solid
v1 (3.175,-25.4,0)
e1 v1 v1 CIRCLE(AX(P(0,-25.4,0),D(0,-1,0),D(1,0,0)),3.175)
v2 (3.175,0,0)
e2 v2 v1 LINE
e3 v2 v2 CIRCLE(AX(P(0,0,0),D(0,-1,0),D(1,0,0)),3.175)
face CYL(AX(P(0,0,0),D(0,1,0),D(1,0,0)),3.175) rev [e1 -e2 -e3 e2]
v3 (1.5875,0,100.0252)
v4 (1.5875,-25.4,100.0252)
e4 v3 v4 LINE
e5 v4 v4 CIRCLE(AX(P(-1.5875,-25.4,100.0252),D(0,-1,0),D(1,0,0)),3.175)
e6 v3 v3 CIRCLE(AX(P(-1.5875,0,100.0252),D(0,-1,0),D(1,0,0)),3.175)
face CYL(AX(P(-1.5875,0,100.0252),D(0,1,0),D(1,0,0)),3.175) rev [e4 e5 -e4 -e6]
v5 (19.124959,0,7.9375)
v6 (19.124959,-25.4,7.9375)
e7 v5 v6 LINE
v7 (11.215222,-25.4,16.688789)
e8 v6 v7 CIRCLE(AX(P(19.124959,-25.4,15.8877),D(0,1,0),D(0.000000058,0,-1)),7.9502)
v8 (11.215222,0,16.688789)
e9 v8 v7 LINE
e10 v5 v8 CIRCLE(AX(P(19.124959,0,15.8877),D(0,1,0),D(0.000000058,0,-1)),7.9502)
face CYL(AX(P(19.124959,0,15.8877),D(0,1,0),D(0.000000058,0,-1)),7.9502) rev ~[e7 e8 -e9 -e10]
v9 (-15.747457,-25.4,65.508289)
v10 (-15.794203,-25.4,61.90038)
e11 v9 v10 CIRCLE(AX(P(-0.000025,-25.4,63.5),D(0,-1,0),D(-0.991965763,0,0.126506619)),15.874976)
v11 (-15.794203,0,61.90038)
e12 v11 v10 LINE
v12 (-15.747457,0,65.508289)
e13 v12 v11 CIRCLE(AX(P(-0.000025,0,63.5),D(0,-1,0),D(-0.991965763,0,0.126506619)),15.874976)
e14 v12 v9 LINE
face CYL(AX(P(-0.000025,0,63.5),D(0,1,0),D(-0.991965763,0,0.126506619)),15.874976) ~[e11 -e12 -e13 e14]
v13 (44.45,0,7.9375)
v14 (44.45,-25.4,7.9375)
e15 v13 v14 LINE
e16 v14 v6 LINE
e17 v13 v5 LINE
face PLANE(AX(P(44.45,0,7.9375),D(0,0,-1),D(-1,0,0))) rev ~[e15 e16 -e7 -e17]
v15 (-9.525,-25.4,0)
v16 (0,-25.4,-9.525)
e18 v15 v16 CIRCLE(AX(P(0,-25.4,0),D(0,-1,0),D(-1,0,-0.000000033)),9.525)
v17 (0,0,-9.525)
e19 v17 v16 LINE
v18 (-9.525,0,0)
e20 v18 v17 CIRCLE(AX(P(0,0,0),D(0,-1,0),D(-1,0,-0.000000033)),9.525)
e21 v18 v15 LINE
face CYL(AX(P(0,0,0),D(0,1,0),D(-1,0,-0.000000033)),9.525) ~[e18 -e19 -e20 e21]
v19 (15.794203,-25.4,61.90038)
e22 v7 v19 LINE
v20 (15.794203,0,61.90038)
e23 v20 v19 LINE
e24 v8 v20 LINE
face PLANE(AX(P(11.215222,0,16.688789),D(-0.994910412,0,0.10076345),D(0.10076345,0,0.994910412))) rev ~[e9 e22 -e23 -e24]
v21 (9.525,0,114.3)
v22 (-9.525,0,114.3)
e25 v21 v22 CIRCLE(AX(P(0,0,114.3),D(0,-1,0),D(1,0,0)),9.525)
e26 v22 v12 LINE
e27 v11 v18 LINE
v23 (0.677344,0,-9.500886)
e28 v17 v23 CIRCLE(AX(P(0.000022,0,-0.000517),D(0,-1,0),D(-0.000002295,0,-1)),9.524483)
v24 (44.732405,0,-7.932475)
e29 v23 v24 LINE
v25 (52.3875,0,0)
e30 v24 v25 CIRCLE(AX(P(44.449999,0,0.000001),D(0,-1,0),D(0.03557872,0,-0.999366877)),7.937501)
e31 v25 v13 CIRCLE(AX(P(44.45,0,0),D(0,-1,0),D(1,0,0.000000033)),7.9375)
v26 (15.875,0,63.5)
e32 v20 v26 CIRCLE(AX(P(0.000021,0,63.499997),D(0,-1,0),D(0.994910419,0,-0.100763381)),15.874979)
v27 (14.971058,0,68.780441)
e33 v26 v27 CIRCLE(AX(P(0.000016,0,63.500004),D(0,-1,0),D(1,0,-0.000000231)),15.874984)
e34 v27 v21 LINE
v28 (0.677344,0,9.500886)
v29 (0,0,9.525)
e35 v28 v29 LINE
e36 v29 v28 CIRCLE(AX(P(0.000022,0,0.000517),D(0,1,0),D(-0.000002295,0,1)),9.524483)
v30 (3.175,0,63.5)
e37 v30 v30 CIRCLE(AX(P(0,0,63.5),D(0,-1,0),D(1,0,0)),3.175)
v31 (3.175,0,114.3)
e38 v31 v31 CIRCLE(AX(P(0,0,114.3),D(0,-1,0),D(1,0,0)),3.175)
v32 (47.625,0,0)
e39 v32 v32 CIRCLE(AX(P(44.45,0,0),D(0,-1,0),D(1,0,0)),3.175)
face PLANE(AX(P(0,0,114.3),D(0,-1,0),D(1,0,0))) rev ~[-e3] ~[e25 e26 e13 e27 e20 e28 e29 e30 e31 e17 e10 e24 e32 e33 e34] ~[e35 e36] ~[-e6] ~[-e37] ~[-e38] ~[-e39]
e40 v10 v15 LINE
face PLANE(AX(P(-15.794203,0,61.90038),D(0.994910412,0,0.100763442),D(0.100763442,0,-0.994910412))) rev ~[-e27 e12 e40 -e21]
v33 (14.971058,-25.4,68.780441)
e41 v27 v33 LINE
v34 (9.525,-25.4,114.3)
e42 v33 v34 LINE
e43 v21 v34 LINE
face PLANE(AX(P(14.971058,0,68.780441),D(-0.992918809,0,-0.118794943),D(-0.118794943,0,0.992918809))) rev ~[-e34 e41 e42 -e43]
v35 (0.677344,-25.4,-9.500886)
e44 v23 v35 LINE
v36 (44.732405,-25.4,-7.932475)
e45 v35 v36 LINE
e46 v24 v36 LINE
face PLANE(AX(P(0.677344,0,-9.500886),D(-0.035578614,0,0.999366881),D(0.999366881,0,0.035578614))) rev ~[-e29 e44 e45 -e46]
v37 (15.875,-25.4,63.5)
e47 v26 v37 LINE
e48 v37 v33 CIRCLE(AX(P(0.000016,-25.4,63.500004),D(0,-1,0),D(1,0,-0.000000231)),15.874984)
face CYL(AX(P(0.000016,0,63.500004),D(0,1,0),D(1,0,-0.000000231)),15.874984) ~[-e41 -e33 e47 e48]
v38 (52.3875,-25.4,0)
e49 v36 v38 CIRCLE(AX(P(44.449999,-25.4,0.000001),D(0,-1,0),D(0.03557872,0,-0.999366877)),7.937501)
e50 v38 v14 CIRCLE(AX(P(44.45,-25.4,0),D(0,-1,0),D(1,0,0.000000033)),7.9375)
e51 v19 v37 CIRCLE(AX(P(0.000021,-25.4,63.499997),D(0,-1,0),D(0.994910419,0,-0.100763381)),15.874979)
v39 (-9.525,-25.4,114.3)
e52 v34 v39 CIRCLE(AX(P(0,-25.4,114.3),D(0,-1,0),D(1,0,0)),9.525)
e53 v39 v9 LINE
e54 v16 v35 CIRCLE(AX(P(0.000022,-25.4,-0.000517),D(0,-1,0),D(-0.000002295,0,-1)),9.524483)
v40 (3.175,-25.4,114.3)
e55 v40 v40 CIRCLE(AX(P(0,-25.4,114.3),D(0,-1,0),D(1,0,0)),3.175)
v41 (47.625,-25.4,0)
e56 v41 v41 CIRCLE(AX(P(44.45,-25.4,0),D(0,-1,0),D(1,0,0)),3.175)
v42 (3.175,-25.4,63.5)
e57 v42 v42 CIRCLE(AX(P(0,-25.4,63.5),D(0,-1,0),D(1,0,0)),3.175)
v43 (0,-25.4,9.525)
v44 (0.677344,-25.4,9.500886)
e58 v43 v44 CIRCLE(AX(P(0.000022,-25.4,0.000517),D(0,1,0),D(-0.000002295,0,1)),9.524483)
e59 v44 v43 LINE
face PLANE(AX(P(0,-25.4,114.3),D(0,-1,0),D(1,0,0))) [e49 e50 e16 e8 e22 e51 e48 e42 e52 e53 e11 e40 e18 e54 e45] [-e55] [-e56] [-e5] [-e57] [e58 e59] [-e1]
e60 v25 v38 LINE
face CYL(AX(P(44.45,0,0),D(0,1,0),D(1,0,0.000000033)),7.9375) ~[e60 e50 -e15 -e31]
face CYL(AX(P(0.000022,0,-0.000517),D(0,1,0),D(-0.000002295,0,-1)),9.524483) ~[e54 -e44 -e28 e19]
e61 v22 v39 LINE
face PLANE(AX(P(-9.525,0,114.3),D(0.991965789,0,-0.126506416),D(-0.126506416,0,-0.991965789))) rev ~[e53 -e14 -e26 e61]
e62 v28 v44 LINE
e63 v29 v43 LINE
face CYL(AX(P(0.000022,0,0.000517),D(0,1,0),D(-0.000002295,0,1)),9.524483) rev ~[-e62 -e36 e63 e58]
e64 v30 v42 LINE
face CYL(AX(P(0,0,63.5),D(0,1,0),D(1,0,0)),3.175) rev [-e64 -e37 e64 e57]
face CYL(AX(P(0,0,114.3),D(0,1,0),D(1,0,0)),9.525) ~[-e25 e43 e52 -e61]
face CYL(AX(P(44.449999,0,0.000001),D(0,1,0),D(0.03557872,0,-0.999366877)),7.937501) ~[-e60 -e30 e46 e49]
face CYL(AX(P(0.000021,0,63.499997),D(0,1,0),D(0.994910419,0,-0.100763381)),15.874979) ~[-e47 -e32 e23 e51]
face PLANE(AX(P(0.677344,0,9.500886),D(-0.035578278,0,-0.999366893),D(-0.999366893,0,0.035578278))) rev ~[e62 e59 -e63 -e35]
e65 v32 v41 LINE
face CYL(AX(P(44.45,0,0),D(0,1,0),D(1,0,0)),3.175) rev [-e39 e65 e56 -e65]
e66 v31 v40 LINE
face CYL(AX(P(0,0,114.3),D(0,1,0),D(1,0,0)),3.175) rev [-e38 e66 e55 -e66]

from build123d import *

# Parameters (mm, degrees)
F0_R     = 3.175
F1_DEPTH = 25.4


with BuildPart() as f1:
    # F0 (on Front) → F1 (new body)
    with BuildSketch(Plane.XZ):
        with BuildLine():
            ThreePointArc((-9.525, 114.3), (0, 104.775), (9.525, 114.3))
            ThreePointArc((9.525, 114.3), (0, 123.825), (-9.525, 114.3))
        make_face()
        with Locations((0, 114.3)):
            Circle(F0_R, mode=Mode.SUBTRACT)
        with BuildLine():
            Line((14.971058, 68.780441), (9.525, 114.3))
            ThreePointArc((9.525, 114.3), (0, 104.775), (-9.525, 114.3))
            Line((-9.525, 114.3), (-15.747457, 65.508289))
            ThreePointArc((-15.747457, 65.508289), (-1.6815, 79.285695), (14.971058, 68.780441))
        make_face()
        with Locations((-1.5875, 100.0252)):
            Circle(F0_R, mode=Mode.SUBTRACT)
        with BuildLine():
            Line((15.794203, 61.90038), (14.971058, 68.780441))
            ThreePointArc((14.971058, 68.780441), (-1.6815, 79.285695), (-15.747457, 65.508289))
            ThreePointArc((-15.747457, 65.508289), (-15.873668, 63.705667), (-15.794203, 61.90038))
            ThreePointArc((-15.794203, 61.90038), (0, 47.625), (15.794203, 61.90038))
        make_face()
        with Locations((0, 63.5)):
            Circle(F0_R, mode=Mode.SUBTRACT)
        with BuildLine():
            ThreePointArc((15.875, 63.5), (15.647383, 66.178627), (14.971058, 68.780441))
            Line((14.971058, 68.780441), (15.794203, 61.90038))
            ThreePointArc((15.794203, 61.90038), (15.854788, 62.699171), (15.875, 63.5))
        make_face()
        with BuildLine():
            Line((11.215222, 16.688789), (15.794203, 61.90038))
            ThreePointArc((15.794203, 61.90038), (0, 47.625), (-15.794203, 61.90038))
            Line((-15.794203, 61.90038), (-9.525, 0))
            ThreePointArc((-9.525, 0), (-6.735192, 6.735192), (0, 9.525))
            ThreePointArc((0, 9.525), (0.338886, 9.51897), (0.677344, 9.500886))
            ThreePointArc((0.677344, 9.500886), (6.970557, 6.491299), (9.525, 0))
            ThreePointArc((9.525, 0), (6.970557, -6.491299), (0.677344, -9.500886))
            Line((0.677344, -9.500886), (44.732405, -7.932475))
            ThreePointArc((44.732405, -7.932475), (36.513756, -0.141225), (44.45, 7.9375))
            Line((44.45, 7.9375), (19.124959, 7.9375))
            ThreePointArc((19.124959, 7.9375), (13.226887, 10.556806), (11.215222, 16.688789))
        make_face()
        with BuildLine():
            ThreePointArc((0, 9.525), (-6.735192, 6.735192), (-9.525, 0))
            ThreePointArc((-9.525, 0), (-6.735192, -6.735192), (0, -9.525))
            Line((0, -9.525), (0.677344, -9.500886))
            ThreePointArc((0.677344, -9.500886), (6.970557, -6.491299), (9.525, 0))
            ThreePointArc((9.525, 0), (6.970557, 6.491299), (0.677344, 9.500886))
            Line((0.677344, 9.500886), (0, 9.525))
        make_face()
        Circle(F0_R, mode=Mode.SUBTRACT)
        with BuildLine():
            Line((0.677344, -9.500886), (0, -9.525))
            ThreePointArc((0, -9.525), (0.338886, -9.51897), (0.677344, -9.500886))
        make_face()
        with BuildLine():
            ThreePointArc((52.3875, 0), (50.06266, 5.61266), (44.45, 7.9375))
            ThreePointArc((44.45, 7.9375), (36.513756, -0.141225), (44.732405, -7.932475))
            ThreePointArc((44.732405, -7.932475), (50.161633, -5.51191), (52.3875, 0))
        make_face()
        with Locations((44.45, 0)):
            Circle(F0_R, mode=Mode.SUBTRACT)
    extrude(amount=F1_DEPTH)


solid = f1.part
